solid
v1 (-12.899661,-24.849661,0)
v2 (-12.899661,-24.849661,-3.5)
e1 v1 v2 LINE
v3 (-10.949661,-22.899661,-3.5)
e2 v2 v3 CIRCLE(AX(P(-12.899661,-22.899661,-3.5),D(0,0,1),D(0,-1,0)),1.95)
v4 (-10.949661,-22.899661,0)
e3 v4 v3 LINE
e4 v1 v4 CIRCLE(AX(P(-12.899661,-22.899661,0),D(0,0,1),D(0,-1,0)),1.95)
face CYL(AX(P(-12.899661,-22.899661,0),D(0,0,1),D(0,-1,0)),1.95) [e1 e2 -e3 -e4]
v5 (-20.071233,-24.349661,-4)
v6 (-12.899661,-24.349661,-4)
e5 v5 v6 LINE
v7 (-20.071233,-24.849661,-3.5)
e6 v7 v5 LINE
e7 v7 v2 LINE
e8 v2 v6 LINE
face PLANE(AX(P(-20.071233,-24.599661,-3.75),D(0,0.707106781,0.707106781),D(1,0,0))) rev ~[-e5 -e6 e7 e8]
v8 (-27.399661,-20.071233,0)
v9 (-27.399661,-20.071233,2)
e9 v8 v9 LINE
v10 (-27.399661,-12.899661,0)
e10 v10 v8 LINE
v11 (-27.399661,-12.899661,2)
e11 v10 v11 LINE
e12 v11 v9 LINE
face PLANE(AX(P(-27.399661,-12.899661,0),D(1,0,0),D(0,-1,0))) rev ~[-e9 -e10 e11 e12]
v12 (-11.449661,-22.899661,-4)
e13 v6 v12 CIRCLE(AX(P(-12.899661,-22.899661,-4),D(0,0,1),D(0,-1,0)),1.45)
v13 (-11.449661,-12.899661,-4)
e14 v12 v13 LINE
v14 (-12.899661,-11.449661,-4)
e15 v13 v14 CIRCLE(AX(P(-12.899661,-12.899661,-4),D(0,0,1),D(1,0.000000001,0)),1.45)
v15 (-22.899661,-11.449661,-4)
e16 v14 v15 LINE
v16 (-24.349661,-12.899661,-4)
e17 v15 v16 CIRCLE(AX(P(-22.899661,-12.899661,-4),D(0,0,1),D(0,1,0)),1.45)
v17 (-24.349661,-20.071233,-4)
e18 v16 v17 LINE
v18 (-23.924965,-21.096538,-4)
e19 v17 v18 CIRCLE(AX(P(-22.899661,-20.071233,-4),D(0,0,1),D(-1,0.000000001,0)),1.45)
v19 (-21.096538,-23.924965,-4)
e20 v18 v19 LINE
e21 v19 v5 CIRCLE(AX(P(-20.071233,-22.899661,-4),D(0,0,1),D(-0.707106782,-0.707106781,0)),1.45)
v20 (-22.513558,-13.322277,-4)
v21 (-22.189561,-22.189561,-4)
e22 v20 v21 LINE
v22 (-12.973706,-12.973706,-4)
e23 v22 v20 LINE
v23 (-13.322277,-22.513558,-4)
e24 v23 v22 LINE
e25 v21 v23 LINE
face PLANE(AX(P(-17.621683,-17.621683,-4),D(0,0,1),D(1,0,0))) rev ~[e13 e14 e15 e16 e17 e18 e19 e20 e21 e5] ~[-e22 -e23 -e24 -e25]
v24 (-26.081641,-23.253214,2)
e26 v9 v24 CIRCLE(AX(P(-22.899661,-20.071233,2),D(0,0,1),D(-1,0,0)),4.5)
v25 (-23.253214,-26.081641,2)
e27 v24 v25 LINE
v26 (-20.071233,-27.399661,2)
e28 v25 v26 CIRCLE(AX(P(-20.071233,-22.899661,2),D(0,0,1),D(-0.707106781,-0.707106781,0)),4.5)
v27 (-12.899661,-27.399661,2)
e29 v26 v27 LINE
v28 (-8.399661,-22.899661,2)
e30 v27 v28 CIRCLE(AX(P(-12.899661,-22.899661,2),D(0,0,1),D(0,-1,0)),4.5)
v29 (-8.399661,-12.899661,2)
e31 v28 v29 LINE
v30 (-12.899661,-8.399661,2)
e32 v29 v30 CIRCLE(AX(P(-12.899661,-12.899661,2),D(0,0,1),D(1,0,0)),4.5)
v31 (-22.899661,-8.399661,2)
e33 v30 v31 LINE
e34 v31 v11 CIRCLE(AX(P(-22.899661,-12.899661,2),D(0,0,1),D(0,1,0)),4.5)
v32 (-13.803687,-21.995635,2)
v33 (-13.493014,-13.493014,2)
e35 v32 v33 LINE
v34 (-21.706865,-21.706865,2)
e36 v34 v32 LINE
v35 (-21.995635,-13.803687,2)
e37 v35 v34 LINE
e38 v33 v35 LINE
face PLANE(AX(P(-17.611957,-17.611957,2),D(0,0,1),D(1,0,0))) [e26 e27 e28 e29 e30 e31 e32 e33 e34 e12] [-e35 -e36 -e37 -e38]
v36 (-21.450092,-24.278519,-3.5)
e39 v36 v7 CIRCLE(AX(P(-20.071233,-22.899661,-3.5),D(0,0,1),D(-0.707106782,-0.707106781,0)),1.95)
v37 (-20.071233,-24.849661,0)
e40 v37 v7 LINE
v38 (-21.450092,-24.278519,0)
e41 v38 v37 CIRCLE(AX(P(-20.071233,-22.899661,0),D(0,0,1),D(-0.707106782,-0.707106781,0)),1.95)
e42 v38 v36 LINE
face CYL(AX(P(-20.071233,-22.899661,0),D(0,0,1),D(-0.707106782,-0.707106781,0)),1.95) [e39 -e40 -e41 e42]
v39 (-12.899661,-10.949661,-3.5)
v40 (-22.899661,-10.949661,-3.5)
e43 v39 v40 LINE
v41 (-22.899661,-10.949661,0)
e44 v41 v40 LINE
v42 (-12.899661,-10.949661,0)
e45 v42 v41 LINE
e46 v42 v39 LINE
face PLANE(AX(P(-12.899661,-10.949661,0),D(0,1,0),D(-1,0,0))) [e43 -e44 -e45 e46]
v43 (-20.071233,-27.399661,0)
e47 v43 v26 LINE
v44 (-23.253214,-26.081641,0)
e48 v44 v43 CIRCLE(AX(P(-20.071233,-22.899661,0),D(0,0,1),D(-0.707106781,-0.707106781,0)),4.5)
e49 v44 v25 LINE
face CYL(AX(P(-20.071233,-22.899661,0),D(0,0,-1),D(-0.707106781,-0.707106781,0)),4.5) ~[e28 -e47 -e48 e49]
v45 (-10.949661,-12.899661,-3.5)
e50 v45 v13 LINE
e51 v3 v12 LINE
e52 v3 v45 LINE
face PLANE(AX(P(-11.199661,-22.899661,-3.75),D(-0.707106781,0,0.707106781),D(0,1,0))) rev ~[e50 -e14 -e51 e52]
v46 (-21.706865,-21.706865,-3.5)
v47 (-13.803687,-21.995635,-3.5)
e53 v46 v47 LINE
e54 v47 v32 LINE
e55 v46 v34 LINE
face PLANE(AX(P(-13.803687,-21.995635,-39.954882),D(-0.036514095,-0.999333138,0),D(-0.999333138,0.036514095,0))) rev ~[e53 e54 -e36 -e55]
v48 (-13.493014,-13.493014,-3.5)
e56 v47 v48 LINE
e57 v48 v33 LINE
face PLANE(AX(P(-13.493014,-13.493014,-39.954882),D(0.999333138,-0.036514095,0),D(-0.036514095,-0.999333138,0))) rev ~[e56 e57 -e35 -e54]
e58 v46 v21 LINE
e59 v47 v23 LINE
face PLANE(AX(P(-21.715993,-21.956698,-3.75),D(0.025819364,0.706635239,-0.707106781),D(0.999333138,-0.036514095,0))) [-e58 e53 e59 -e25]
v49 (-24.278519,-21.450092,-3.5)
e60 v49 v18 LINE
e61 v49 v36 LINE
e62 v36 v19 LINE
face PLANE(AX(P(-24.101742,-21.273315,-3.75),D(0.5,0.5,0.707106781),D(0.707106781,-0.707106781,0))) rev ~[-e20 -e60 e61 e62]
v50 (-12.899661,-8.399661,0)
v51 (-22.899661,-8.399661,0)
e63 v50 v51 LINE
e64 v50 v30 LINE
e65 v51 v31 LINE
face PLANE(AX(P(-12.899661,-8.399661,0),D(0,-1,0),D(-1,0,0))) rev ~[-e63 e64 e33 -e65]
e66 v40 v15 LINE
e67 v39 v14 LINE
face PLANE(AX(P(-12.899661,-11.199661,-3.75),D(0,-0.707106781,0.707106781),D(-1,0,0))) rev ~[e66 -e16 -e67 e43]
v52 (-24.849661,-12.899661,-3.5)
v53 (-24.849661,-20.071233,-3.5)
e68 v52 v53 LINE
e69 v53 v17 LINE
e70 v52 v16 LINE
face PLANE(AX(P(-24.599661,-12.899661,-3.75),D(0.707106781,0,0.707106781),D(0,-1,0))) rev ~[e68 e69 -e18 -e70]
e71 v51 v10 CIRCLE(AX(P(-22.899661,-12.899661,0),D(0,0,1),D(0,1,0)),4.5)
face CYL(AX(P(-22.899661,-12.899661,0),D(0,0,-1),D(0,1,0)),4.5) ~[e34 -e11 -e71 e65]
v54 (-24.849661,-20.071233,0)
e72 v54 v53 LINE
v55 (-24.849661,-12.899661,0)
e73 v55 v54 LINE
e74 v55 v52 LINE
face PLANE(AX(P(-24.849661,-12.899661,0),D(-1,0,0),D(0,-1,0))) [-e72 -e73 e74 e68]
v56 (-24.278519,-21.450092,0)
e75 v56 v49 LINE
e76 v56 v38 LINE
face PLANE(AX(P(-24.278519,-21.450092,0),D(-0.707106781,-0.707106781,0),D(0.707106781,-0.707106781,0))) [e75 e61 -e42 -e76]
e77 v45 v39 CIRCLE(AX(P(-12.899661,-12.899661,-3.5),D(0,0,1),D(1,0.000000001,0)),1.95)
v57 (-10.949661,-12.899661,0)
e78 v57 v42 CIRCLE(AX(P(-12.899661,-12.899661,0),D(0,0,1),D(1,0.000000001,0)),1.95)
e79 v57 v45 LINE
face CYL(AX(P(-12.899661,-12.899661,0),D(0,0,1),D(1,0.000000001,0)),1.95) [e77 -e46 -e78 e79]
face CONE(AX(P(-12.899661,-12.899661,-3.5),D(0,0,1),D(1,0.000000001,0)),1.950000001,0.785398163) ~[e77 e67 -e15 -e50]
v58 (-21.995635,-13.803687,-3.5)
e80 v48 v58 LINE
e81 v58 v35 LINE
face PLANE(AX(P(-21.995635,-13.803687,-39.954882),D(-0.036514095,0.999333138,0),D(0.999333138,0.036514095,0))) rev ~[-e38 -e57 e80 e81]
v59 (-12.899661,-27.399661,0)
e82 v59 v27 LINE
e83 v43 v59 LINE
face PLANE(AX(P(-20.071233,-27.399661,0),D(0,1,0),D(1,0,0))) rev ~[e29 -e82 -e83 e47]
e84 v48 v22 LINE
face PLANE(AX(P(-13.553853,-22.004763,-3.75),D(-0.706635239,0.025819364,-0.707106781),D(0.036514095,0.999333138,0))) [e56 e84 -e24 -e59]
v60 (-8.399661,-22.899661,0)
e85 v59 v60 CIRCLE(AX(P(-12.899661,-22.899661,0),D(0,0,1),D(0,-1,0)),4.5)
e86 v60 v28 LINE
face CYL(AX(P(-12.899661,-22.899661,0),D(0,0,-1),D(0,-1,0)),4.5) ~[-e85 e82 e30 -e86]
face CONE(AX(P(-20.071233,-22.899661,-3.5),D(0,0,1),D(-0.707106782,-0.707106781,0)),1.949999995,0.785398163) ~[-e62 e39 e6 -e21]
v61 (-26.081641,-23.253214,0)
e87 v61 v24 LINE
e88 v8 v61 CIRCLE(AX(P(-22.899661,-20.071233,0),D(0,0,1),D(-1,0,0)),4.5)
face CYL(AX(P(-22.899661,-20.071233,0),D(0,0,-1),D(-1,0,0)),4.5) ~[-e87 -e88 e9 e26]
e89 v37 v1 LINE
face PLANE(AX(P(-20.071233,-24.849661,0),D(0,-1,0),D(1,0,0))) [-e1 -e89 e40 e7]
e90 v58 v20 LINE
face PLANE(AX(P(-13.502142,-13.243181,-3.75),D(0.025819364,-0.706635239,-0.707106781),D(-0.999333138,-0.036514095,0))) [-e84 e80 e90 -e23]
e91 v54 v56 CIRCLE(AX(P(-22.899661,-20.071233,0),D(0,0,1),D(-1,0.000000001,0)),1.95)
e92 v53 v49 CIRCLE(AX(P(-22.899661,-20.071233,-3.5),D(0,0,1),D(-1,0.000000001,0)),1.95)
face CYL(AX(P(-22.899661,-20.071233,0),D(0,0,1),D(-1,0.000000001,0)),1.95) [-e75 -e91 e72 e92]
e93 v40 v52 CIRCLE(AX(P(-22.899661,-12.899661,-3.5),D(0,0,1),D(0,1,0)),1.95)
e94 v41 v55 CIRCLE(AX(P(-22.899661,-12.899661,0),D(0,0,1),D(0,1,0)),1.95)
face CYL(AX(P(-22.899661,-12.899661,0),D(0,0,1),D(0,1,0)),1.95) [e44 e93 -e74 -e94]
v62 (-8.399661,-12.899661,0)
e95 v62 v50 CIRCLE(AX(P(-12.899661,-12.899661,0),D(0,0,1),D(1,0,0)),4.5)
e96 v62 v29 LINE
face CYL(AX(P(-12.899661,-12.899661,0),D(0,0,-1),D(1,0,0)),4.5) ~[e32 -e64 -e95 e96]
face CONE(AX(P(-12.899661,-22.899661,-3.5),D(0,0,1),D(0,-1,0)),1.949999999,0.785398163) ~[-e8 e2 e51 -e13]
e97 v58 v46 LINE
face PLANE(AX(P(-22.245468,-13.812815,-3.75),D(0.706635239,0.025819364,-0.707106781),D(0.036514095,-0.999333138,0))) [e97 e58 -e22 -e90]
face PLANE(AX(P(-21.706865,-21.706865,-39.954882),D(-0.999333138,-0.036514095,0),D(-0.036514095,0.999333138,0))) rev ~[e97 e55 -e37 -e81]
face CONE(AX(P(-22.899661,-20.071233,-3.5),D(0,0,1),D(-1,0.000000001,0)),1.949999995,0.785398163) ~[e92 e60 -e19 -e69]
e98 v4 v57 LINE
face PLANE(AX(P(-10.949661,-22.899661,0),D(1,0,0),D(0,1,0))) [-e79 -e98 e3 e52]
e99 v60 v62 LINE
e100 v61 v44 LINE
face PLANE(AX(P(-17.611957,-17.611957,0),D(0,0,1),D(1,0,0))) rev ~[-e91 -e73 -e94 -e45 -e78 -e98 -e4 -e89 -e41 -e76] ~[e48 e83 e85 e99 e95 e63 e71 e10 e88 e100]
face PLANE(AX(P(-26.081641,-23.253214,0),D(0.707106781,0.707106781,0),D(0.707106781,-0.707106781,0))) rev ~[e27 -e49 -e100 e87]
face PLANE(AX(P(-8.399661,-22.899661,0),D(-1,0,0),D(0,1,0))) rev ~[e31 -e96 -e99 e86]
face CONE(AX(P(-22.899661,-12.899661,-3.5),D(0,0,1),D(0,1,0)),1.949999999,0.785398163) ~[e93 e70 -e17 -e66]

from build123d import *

# Parameters (mm, degrees)
BOSS_EXTRUDE1_DEPTH     = 2
BOSS_EXTRUDE2_DEPTH     = 4
CUT_EXTRUDE1_DEPTH      = 39.9548816
CUT_EXTRUDE1_DEPTH_BACK = 39.9548816
CHAMFER1_SIZE           = 0.5


with BuildPart() as part:
    # Sketch2 → Boss-Extrude1 (new body)
    with BuildSketch(Plane.XY):
        with BuildLine():
            Line((-26.081641102, -23.253213977), (-23.253213977, -26.081641102))
            ThreePointArc((-23.253213977, -26.081641102), (-21.793308907, -27.057118483), (-20.071233462, -27.399660586))
            Line((-20.071233462, -27.399660586), (-12.899660586, -27.399660586))
            ThreePointArc((-12.899660586, -27.399660586), (-9.717680071, -26.081641102), (-8.399660586, -22.899660586))
            Line((-8.399660586, -22.899660586), (-8.399660586, -12.899660586))
            ThreePointArc((-8.399660586, -12.899660586), (-9.717680071, -9.717680071), (-12.899660586, -8.399660586))
            Line((-12.899660586, -8.399660586), (-22.899660586, -8.399660586))
            ThreePointArc((-22.899660586, -8.399660586), (-26.081641102, -9.717680071), (-27.399660586, -12.899660586))
            Line((-27.399660586, -12.899660586), (-27.399660586, -20.071233462))
            ThreePointArc((-27.399660586, -20.071233462), (-27.057118483, -21.793308907), (-26.081641102, -23.253213977))
        make_face()
    extrude(amount=BOSS_EXTRUDE1_DEPTH)

    # Sketch1 → Boss-Extrude2 (add)
    with BuildSketch(Plane.XY):
        with BuildLine():
            Line((-12.899660586, -10.949660586), (-22.899660586, -10.949660586))
            ThreePointArc((-22.899660586, -10.949660586), (-24.27851881, -11.520802363), (-24.849660586, -12.899660586))
            Line((-24.849660586, -12.899660586), (-24.849660586, -20.071233462))
            ThreePointArc((-24.849660586, -20.071233462), (-24.701225675, -20.817466155), (-24.27851881, -21.450091685))
            Line((-24.27851881, -21.450091685), (-21.450091685, -24.27851881))
            ThreePointArc((-21.450091685, -24.27851881), (-20.817466155, -24.701225675), (-20.071233462, -24.849660586))
            Line((-20.071233462, -24.849660586), (-12.899660586, -24.849660586))
            ThreePointArc((-12.899660586, -24.849660586), (-11.520802363, -24.27851881), (-10.949660586, -22.899660586))
            Line((-10.949660586, -22.899660586), (-10.949660586, -12.899660586))
            ThreePointArc((-10.949660586, -12.899660586), (-11.520802363, -11.520802363), (-12.899660586, -10.949660586))
        make_face()
    extrude(amount=-BOSS_EXTRUDE2_DEPTH)

    # Sketch3 → Cut-Extrude1 (cut, two sides: drawn at the far end of the back side and taken through both)
    with BuildSketch(Plane.XY.offset(-CUT_EXTRUDE1_DEPTH_BACK)):
        Polygon((-21.995634526, -13.803686646), (-13.493013972, -13.493013972), (-13.803686646, -21.995634526), (-21.706864564, -21.706864564), align=None)
    extrude(amount=CUT_EXTRUDE1_DEPTH + CUT_EXTRUDE1_DEPTH_BACK, mode=Mode.SUBTRACT)

    # Chamfer1
    chamfer1_edges = [part.edges().sort_by_distance(p)[0] for p in [
        (-11.520802363, -11.520802363, -4),
        (-10.949660586, -17.899660586, -4),
        (-11.520802363, -24.27851881, -4),
        (-16.485447024, -24.849660586, -4),
        (-20.817466155, -24.701225675, -4),
        (-22.864305247, -22.864305247, -4),
        (-24.701225675, -20.817466155, -4),
        (-24.849660586, -16.485447024, -4),
        (-24.27851881, -11.520802363, -4),
        (-17.899660586, -10.949660586, -4),
        (-21.851249545, -17.755275605, -4),
        (-17.755275605, -21.851249545, -4),
        (-13.648350309, -17.744324249, -4),
        (-17.744324249, -13.648350309, -4),
    ]]
    chamfer(chamfer1_edges, length=CHAMFER1_SIZE)


solid = part.part
